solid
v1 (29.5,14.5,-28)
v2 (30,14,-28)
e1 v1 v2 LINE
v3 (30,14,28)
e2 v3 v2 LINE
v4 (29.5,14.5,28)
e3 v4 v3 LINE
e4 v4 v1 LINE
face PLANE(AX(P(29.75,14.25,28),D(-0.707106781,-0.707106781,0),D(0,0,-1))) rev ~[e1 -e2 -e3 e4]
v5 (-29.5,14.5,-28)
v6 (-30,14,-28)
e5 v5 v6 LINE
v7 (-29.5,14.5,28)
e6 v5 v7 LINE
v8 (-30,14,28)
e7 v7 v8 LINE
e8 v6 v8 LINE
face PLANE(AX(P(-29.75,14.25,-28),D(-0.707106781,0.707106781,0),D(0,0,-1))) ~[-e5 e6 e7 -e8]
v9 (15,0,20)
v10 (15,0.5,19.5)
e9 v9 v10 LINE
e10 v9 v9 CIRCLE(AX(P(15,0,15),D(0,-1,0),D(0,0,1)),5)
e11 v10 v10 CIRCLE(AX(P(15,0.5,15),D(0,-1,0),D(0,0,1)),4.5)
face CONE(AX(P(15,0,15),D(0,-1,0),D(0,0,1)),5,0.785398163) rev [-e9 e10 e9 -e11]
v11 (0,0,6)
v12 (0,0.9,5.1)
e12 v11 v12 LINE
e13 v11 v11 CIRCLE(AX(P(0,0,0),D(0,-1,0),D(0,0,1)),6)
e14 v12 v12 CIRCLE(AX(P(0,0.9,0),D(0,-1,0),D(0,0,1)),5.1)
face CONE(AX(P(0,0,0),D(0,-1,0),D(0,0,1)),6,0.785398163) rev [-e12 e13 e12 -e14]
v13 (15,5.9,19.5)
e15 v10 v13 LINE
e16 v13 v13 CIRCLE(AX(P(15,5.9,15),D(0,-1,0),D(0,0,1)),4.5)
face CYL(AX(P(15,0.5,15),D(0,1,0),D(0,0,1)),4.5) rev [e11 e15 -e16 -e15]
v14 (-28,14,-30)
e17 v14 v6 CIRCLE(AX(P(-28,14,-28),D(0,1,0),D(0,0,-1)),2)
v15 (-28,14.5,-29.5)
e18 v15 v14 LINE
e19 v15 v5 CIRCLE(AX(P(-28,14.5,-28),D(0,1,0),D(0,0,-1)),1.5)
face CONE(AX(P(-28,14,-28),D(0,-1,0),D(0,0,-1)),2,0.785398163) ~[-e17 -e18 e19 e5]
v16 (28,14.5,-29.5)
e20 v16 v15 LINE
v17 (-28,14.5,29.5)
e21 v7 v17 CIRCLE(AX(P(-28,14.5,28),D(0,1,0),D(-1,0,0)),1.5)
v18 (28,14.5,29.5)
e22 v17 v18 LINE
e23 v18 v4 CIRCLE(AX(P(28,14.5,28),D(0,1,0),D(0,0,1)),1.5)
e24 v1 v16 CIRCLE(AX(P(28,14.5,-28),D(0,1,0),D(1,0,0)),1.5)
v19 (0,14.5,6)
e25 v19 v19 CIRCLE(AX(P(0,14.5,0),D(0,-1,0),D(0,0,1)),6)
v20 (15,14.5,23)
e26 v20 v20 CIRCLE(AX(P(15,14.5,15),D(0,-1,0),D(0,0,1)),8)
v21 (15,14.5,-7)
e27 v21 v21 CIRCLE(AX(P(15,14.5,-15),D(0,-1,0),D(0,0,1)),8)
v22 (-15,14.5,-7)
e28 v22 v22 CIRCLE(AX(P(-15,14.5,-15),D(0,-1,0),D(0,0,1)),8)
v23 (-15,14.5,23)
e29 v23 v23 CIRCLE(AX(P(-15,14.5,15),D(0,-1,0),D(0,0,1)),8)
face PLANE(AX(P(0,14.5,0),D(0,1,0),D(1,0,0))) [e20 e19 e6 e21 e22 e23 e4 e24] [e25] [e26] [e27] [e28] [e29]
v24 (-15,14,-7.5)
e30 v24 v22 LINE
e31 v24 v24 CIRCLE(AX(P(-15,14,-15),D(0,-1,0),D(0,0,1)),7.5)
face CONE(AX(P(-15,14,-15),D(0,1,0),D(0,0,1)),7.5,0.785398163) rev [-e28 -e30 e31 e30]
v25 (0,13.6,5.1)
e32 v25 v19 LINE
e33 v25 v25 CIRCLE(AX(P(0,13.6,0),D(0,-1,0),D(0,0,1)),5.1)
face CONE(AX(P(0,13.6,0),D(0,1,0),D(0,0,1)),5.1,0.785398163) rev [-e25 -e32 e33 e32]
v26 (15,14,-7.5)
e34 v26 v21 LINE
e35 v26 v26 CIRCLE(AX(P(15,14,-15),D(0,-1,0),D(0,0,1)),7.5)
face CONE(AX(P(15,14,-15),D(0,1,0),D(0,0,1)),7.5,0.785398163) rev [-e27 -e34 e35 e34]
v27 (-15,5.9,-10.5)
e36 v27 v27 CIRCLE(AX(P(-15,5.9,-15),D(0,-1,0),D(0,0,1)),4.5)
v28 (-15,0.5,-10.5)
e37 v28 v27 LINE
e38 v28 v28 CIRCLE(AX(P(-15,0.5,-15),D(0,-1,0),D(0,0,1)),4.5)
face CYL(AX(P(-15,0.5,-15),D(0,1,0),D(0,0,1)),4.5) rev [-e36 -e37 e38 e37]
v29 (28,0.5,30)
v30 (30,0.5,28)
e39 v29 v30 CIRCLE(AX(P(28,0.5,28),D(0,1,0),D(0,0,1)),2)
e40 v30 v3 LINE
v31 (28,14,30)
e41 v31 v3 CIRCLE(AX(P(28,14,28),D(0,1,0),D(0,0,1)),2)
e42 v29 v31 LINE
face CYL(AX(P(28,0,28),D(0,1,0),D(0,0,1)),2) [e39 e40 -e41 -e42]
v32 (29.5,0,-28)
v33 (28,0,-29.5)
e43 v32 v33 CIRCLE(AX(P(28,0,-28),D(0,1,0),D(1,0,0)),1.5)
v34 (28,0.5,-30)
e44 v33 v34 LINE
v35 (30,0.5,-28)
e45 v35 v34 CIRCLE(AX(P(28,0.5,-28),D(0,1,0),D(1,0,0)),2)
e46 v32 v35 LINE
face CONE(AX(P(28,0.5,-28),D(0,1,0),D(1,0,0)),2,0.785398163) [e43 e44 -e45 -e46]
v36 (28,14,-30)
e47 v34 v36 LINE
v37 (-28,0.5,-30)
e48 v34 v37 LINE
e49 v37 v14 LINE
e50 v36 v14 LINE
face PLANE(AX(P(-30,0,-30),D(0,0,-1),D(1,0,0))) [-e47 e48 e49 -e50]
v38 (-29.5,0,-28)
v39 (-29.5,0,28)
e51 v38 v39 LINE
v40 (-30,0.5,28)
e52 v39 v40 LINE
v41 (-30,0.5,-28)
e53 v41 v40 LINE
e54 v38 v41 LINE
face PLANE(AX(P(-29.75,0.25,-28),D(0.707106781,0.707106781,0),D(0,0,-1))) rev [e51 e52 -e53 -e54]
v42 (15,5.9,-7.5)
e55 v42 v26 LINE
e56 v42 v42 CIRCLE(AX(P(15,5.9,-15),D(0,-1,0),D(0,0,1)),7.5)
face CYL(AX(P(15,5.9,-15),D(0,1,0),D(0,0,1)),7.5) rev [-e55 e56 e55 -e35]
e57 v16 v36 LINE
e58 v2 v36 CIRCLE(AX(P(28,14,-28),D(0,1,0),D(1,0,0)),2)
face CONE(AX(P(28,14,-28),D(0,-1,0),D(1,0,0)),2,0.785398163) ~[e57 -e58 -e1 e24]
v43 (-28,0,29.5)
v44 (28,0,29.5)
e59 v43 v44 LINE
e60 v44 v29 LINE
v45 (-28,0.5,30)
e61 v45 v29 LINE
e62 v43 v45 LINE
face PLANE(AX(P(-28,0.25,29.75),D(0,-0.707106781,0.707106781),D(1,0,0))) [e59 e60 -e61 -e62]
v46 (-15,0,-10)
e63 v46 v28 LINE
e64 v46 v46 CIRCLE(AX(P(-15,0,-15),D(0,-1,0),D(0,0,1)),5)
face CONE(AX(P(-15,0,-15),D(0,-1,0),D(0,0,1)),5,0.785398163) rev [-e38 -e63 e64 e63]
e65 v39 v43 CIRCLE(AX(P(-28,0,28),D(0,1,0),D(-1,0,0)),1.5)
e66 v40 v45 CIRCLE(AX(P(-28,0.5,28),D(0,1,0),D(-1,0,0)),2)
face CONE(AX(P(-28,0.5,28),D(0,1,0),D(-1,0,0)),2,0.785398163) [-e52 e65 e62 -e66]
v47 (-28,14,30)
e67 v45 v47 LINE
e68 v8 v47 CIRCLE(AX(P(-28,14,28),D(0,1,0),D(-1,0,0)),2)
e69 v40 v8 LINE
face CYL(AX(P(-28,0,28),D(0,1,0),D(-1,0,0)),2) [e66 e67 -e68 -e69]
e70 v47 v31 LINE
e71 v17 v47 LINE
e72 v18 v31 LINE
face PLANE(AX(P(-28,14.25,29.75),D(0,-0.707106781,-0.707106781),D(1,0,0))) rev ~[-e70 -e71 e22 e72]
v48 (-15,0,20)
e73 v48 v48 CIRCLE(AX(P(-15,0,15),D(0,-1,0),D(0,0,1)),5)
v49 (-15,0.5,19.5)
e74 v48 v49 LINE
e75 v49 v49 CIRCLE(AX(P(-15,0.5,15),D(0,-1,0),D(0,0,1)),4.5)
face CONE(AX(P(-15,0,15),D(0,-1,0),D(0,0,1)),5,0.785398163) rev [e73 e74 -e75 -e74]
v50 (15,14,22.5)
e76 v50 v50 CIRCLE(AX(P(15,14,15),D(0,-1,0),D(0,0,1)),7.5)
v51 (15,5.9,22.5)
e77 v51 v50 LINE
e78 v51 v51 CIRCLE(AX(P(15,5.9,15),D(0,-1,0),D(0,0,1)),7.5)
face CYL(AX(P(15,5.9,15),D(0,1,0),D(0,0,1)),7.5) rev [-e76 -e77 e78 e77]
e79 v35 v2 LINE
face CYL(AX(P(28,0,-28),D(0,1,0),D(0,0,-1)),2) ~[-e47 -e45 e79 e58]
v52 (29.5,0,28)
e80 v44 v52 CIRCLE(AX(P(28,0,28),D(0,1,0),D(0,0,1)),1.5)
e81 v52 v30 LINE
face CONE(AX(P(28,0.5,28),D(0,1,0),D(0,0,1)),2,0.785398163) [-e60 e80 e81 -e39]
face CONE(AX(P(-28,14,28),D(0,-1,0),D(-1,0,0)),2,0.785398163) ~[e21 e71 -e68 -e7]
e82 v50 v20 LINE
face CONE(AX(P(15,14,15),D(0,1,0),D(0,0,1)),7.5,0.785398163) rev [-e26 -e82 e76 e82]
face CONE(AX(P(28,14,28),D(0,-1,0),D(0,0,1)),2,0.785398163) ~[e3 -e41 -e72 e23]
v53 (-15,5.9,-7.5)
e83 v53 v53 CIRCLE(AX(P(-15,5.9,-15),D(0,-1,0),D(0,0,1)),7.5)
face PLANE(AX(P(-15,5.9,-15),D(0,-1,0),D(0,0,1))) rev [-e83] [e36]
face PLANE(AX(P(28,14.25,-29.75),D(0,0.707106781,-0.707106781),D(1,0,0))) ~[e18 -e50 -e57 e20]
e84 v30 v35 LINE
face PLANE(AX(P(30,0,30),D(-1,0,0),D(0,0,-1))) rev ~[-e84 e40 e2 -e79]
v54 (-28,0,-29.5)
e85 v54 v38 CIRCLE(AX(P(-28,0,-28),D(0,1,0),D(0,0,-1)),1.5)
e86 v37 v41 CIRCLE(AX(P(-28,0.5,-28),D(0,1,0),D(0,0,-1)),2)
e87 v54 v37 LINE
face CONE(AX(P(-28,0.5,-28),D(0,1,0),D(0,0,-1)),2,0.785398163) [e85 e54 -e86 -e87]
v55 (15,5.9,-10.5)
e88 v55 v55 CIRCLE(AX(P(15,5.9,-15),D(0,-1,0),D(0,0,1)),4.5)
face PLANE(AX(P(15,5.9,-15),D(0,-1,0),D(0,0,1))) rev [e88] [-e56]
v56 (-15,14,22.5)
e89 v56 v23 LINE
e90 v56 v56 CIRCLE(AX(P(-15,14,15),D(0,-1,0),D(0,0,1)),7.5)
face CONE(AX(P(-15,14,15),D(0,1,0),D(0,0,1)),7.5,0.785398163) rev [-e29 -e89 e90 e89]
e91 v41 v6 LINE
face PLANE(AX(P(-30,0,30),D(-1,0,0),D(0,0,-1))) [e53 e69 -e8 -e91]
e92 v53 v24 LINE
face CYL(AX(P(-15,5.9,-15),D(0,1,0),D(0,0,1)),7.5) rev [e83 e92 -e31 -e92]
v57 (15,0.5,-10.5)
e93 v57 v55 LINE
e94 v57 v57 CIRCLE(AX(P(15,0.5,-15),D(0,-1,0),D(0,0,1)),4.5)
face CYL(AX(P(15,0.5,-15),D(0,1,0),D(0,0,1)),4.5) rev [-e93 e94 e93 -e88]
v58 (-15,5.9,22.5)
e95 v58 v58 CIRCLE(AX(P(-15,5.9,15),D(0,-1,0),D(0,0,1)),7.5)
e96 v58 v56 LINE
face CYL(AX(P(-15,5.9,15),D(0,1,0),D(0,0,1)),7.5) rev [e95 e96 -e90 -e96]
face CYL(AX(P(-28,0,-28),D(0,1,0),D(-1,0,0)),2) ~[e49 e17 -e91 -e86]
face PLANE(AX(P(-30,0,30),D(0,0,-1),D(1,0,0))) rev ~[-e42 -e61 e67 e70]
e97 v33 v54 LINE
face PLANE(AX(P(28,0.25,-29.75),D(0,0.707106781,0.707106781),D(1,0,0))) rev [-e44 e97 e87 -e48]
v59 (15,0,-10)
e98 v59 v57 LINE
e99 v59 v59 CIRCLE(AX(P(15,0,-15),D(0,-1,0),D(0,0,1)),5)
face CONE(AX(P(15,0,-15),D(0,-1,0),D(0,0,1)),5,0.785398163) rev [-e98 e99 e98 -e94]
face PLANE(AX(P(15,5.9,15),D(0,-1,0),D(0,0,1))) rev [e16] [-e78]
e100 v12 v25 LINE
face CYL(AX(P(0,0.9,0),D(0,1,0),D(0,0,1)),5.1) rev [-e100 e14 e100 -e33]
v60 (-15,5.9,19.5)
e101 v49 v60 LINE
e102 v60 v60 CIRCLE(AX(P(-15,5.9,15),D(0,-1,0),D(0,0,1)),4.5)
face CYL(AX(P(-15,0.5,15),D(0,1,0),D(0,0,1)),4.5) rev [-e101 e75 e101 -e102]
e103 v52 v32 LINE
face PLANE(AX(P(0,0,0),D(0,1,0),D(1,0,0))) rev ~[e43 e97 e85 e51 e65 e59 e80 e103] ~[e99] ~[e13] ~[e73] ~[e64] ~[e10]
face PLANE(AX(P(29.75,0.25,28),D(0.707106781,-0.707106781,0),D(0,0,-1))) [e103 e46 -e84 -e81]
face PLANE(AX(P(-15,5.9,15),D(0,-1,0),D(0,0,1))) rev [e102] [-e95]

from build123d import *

# Parameters (mm, degrees)
SKETCH1_W                                    = 60
SKETCH1_H                                    = 60
BOSS_EXTRUDE1_DEPTH                          = 14.5
CBORE_FOR_M8_HEX_SOCKET_HEAD_CAP_SCR_2_COUNT = 2
CBORE_FOR_M8_HEX_SOCKET_HEAD_CAP_SCR_2_PITCH = 30
CBORE_FOR_M8_HEX_SOCKET_HEAD_CAP_SCR_3_COUNT = 2
CBORE_FOR_M8_HEX_SOCKET_HEAD_CAP_SCR_3_PITCH = 42.426406871
CBORE_FOR_M8_HEX_SOCKET_HEAD_CAP_SCR_4_COUNT = 2
CBORE_FOR_M8_HEX_SOCKET_HEAD_CAP_SCR_4_PITCH = 30
FILLET1_R                                    = 2
CHAMFER1_SIZE                                = 0.5


with BuildPart() as part:
    # Sketch1 → Boss-Extrude1 (new body)
    with BuildSketch(Plane(origin=(0, 0, 0), x_dir=(1, 0, 0), z_dir=(0, 1, 0))):
        Rectangle(SKETCH1_W, SKETCH1_H)
    extrude(amount=BOSS_EXTRUDE1_DEPTH)

    # Sketch4 → CBORE for M8 Hex Socket Head Cap Screw1 (revolve, cut)
    with BuildSketch(Plane(origin=(-15, 14.5, 15), x_dir=(0, 0, 1), z_dir=(1, 0, 0))):
        Polygon((0, 0), (0, 14.5), (5, 14.5), (4.5, 14), (4.5, 8.6), (7.5, 8.6), (7.5, 0.5), (8, 0), align=None)
    cbore_for_m8_hex_socket_head_cap_screw1 = revolve(axis=Axis((-15, 20.85, 15), (0, -1, 0)), mode=Mode.SUBTRACT)

    # CBORE for M8 Hex Socket Head Cap Scr 2: CBORE for M8 Hex Socket Head Cap Screw1 ×2
    with Locations(*[(i * CBORE_FOR_M8_HEX_SOCKET_HEAD_CAP_SCR_2_PITCH, 0, 0) for i in range(1, CBORE_FOR_M8_HEX_SOCKET_HEAD_CAP_SCR_2_COUNT)]):
        add(cbore_for_m8_hex_socket_head_cap_screw1, mode=Mode.SUBTRACT)

    # CBORE for M8 Hex Socket Head Cap Scr 3: CBORE for M8 Hex Socket Head Cap Screw1 ×2
    with Locations(*[Vector(0.7071067811865476, 0, -0.7071067811865476) * (i * CBORE_FOR_M8_HEX_SOCKET_HEAD_CAP_SCR_3_PITCH) for i in range(1, CBORE_FOR_M8_HEX_SOCKET_HEAD_CAP_SCR_3_COUNT)]):
        add(cbore_for_m8_hex_socket_head_cap_screw1, mode=Mode.SUBTRACT)

    # CBORE for M8 Hex Socket Head Cap Scr 4: CBORE for M8 Hex Socket Head Cap Screw1 ×2
    with Locations(*[(0, 0, -i * CBORE_FOR_M8_HEX_SOCKET_HEAD_CAP_SCR_4_PITCH) for i in range(1, CBORE_FOR_M8_HEX_SOCKET_HEAD_CAP_SCR_4_COUNT)]):
        add(cbore_for_m8_hex_socket_head_cap_screw1, mode=Mode.SUBTRACT)

    # Sketch7 → M12 Tapped Hole1 (revolve, cut)
    with BuildSketch(Plane(origin=(0, 14.5, 0), x_dir=(0, 0, 1), z_dir=(1, 0, 0))):
        Polygon((0, 0), (0, 14.5), (6, 14.5), (5.1, 13.6), (5.1, 0.9), (6, 0), align=None)
    revolve(axis=Axis((0, 20.85, 0), (0, -1, 0)), mode=Mode.SUBTRACT)

    # Fillet1
    fillet1_edges = [part.edges().sort_by_distance(p)[0] for p in [
        (-30, 7.25, -30),
        (30, 7.25, -30),
        (30, 7.25, 30),
        (-30, 7.25, 30),
    ]]
    fillet(fillet1_edges, radius=FILLET1_R)

    # Chamfer1
    chamfer1_edges = [part.edges().sort_by_distance(p)[0] for p in [
        (0, 0, 30),
        (0, 14.5, 30),
        (-30, 0, 0),
        (0, 0, -30),
        (30, 0, 0),
        (-29.414213562, 0, -29.414213562),
        (29.414213562, 0, -29.414213562),
        (29.414213562, 0, 29.414213562),
        (-29.414213562, 0, 29.414213562),
        (-30, 14.5, 0),
        (30, 14.5, 0),
        (0, 14.5, -30),
        (-29.414213562, 14.5, -29.414213562),
        (29.414213562, 14.5, -29.414213562),
        (29.414213562, 14.5, 29.414213562),
        (-29.414213562, 14.5, 29.414213562),
    ]]
    chamfer(chamfer1_edges, length=CHAMFER1_SIZE)


solid = part.part
